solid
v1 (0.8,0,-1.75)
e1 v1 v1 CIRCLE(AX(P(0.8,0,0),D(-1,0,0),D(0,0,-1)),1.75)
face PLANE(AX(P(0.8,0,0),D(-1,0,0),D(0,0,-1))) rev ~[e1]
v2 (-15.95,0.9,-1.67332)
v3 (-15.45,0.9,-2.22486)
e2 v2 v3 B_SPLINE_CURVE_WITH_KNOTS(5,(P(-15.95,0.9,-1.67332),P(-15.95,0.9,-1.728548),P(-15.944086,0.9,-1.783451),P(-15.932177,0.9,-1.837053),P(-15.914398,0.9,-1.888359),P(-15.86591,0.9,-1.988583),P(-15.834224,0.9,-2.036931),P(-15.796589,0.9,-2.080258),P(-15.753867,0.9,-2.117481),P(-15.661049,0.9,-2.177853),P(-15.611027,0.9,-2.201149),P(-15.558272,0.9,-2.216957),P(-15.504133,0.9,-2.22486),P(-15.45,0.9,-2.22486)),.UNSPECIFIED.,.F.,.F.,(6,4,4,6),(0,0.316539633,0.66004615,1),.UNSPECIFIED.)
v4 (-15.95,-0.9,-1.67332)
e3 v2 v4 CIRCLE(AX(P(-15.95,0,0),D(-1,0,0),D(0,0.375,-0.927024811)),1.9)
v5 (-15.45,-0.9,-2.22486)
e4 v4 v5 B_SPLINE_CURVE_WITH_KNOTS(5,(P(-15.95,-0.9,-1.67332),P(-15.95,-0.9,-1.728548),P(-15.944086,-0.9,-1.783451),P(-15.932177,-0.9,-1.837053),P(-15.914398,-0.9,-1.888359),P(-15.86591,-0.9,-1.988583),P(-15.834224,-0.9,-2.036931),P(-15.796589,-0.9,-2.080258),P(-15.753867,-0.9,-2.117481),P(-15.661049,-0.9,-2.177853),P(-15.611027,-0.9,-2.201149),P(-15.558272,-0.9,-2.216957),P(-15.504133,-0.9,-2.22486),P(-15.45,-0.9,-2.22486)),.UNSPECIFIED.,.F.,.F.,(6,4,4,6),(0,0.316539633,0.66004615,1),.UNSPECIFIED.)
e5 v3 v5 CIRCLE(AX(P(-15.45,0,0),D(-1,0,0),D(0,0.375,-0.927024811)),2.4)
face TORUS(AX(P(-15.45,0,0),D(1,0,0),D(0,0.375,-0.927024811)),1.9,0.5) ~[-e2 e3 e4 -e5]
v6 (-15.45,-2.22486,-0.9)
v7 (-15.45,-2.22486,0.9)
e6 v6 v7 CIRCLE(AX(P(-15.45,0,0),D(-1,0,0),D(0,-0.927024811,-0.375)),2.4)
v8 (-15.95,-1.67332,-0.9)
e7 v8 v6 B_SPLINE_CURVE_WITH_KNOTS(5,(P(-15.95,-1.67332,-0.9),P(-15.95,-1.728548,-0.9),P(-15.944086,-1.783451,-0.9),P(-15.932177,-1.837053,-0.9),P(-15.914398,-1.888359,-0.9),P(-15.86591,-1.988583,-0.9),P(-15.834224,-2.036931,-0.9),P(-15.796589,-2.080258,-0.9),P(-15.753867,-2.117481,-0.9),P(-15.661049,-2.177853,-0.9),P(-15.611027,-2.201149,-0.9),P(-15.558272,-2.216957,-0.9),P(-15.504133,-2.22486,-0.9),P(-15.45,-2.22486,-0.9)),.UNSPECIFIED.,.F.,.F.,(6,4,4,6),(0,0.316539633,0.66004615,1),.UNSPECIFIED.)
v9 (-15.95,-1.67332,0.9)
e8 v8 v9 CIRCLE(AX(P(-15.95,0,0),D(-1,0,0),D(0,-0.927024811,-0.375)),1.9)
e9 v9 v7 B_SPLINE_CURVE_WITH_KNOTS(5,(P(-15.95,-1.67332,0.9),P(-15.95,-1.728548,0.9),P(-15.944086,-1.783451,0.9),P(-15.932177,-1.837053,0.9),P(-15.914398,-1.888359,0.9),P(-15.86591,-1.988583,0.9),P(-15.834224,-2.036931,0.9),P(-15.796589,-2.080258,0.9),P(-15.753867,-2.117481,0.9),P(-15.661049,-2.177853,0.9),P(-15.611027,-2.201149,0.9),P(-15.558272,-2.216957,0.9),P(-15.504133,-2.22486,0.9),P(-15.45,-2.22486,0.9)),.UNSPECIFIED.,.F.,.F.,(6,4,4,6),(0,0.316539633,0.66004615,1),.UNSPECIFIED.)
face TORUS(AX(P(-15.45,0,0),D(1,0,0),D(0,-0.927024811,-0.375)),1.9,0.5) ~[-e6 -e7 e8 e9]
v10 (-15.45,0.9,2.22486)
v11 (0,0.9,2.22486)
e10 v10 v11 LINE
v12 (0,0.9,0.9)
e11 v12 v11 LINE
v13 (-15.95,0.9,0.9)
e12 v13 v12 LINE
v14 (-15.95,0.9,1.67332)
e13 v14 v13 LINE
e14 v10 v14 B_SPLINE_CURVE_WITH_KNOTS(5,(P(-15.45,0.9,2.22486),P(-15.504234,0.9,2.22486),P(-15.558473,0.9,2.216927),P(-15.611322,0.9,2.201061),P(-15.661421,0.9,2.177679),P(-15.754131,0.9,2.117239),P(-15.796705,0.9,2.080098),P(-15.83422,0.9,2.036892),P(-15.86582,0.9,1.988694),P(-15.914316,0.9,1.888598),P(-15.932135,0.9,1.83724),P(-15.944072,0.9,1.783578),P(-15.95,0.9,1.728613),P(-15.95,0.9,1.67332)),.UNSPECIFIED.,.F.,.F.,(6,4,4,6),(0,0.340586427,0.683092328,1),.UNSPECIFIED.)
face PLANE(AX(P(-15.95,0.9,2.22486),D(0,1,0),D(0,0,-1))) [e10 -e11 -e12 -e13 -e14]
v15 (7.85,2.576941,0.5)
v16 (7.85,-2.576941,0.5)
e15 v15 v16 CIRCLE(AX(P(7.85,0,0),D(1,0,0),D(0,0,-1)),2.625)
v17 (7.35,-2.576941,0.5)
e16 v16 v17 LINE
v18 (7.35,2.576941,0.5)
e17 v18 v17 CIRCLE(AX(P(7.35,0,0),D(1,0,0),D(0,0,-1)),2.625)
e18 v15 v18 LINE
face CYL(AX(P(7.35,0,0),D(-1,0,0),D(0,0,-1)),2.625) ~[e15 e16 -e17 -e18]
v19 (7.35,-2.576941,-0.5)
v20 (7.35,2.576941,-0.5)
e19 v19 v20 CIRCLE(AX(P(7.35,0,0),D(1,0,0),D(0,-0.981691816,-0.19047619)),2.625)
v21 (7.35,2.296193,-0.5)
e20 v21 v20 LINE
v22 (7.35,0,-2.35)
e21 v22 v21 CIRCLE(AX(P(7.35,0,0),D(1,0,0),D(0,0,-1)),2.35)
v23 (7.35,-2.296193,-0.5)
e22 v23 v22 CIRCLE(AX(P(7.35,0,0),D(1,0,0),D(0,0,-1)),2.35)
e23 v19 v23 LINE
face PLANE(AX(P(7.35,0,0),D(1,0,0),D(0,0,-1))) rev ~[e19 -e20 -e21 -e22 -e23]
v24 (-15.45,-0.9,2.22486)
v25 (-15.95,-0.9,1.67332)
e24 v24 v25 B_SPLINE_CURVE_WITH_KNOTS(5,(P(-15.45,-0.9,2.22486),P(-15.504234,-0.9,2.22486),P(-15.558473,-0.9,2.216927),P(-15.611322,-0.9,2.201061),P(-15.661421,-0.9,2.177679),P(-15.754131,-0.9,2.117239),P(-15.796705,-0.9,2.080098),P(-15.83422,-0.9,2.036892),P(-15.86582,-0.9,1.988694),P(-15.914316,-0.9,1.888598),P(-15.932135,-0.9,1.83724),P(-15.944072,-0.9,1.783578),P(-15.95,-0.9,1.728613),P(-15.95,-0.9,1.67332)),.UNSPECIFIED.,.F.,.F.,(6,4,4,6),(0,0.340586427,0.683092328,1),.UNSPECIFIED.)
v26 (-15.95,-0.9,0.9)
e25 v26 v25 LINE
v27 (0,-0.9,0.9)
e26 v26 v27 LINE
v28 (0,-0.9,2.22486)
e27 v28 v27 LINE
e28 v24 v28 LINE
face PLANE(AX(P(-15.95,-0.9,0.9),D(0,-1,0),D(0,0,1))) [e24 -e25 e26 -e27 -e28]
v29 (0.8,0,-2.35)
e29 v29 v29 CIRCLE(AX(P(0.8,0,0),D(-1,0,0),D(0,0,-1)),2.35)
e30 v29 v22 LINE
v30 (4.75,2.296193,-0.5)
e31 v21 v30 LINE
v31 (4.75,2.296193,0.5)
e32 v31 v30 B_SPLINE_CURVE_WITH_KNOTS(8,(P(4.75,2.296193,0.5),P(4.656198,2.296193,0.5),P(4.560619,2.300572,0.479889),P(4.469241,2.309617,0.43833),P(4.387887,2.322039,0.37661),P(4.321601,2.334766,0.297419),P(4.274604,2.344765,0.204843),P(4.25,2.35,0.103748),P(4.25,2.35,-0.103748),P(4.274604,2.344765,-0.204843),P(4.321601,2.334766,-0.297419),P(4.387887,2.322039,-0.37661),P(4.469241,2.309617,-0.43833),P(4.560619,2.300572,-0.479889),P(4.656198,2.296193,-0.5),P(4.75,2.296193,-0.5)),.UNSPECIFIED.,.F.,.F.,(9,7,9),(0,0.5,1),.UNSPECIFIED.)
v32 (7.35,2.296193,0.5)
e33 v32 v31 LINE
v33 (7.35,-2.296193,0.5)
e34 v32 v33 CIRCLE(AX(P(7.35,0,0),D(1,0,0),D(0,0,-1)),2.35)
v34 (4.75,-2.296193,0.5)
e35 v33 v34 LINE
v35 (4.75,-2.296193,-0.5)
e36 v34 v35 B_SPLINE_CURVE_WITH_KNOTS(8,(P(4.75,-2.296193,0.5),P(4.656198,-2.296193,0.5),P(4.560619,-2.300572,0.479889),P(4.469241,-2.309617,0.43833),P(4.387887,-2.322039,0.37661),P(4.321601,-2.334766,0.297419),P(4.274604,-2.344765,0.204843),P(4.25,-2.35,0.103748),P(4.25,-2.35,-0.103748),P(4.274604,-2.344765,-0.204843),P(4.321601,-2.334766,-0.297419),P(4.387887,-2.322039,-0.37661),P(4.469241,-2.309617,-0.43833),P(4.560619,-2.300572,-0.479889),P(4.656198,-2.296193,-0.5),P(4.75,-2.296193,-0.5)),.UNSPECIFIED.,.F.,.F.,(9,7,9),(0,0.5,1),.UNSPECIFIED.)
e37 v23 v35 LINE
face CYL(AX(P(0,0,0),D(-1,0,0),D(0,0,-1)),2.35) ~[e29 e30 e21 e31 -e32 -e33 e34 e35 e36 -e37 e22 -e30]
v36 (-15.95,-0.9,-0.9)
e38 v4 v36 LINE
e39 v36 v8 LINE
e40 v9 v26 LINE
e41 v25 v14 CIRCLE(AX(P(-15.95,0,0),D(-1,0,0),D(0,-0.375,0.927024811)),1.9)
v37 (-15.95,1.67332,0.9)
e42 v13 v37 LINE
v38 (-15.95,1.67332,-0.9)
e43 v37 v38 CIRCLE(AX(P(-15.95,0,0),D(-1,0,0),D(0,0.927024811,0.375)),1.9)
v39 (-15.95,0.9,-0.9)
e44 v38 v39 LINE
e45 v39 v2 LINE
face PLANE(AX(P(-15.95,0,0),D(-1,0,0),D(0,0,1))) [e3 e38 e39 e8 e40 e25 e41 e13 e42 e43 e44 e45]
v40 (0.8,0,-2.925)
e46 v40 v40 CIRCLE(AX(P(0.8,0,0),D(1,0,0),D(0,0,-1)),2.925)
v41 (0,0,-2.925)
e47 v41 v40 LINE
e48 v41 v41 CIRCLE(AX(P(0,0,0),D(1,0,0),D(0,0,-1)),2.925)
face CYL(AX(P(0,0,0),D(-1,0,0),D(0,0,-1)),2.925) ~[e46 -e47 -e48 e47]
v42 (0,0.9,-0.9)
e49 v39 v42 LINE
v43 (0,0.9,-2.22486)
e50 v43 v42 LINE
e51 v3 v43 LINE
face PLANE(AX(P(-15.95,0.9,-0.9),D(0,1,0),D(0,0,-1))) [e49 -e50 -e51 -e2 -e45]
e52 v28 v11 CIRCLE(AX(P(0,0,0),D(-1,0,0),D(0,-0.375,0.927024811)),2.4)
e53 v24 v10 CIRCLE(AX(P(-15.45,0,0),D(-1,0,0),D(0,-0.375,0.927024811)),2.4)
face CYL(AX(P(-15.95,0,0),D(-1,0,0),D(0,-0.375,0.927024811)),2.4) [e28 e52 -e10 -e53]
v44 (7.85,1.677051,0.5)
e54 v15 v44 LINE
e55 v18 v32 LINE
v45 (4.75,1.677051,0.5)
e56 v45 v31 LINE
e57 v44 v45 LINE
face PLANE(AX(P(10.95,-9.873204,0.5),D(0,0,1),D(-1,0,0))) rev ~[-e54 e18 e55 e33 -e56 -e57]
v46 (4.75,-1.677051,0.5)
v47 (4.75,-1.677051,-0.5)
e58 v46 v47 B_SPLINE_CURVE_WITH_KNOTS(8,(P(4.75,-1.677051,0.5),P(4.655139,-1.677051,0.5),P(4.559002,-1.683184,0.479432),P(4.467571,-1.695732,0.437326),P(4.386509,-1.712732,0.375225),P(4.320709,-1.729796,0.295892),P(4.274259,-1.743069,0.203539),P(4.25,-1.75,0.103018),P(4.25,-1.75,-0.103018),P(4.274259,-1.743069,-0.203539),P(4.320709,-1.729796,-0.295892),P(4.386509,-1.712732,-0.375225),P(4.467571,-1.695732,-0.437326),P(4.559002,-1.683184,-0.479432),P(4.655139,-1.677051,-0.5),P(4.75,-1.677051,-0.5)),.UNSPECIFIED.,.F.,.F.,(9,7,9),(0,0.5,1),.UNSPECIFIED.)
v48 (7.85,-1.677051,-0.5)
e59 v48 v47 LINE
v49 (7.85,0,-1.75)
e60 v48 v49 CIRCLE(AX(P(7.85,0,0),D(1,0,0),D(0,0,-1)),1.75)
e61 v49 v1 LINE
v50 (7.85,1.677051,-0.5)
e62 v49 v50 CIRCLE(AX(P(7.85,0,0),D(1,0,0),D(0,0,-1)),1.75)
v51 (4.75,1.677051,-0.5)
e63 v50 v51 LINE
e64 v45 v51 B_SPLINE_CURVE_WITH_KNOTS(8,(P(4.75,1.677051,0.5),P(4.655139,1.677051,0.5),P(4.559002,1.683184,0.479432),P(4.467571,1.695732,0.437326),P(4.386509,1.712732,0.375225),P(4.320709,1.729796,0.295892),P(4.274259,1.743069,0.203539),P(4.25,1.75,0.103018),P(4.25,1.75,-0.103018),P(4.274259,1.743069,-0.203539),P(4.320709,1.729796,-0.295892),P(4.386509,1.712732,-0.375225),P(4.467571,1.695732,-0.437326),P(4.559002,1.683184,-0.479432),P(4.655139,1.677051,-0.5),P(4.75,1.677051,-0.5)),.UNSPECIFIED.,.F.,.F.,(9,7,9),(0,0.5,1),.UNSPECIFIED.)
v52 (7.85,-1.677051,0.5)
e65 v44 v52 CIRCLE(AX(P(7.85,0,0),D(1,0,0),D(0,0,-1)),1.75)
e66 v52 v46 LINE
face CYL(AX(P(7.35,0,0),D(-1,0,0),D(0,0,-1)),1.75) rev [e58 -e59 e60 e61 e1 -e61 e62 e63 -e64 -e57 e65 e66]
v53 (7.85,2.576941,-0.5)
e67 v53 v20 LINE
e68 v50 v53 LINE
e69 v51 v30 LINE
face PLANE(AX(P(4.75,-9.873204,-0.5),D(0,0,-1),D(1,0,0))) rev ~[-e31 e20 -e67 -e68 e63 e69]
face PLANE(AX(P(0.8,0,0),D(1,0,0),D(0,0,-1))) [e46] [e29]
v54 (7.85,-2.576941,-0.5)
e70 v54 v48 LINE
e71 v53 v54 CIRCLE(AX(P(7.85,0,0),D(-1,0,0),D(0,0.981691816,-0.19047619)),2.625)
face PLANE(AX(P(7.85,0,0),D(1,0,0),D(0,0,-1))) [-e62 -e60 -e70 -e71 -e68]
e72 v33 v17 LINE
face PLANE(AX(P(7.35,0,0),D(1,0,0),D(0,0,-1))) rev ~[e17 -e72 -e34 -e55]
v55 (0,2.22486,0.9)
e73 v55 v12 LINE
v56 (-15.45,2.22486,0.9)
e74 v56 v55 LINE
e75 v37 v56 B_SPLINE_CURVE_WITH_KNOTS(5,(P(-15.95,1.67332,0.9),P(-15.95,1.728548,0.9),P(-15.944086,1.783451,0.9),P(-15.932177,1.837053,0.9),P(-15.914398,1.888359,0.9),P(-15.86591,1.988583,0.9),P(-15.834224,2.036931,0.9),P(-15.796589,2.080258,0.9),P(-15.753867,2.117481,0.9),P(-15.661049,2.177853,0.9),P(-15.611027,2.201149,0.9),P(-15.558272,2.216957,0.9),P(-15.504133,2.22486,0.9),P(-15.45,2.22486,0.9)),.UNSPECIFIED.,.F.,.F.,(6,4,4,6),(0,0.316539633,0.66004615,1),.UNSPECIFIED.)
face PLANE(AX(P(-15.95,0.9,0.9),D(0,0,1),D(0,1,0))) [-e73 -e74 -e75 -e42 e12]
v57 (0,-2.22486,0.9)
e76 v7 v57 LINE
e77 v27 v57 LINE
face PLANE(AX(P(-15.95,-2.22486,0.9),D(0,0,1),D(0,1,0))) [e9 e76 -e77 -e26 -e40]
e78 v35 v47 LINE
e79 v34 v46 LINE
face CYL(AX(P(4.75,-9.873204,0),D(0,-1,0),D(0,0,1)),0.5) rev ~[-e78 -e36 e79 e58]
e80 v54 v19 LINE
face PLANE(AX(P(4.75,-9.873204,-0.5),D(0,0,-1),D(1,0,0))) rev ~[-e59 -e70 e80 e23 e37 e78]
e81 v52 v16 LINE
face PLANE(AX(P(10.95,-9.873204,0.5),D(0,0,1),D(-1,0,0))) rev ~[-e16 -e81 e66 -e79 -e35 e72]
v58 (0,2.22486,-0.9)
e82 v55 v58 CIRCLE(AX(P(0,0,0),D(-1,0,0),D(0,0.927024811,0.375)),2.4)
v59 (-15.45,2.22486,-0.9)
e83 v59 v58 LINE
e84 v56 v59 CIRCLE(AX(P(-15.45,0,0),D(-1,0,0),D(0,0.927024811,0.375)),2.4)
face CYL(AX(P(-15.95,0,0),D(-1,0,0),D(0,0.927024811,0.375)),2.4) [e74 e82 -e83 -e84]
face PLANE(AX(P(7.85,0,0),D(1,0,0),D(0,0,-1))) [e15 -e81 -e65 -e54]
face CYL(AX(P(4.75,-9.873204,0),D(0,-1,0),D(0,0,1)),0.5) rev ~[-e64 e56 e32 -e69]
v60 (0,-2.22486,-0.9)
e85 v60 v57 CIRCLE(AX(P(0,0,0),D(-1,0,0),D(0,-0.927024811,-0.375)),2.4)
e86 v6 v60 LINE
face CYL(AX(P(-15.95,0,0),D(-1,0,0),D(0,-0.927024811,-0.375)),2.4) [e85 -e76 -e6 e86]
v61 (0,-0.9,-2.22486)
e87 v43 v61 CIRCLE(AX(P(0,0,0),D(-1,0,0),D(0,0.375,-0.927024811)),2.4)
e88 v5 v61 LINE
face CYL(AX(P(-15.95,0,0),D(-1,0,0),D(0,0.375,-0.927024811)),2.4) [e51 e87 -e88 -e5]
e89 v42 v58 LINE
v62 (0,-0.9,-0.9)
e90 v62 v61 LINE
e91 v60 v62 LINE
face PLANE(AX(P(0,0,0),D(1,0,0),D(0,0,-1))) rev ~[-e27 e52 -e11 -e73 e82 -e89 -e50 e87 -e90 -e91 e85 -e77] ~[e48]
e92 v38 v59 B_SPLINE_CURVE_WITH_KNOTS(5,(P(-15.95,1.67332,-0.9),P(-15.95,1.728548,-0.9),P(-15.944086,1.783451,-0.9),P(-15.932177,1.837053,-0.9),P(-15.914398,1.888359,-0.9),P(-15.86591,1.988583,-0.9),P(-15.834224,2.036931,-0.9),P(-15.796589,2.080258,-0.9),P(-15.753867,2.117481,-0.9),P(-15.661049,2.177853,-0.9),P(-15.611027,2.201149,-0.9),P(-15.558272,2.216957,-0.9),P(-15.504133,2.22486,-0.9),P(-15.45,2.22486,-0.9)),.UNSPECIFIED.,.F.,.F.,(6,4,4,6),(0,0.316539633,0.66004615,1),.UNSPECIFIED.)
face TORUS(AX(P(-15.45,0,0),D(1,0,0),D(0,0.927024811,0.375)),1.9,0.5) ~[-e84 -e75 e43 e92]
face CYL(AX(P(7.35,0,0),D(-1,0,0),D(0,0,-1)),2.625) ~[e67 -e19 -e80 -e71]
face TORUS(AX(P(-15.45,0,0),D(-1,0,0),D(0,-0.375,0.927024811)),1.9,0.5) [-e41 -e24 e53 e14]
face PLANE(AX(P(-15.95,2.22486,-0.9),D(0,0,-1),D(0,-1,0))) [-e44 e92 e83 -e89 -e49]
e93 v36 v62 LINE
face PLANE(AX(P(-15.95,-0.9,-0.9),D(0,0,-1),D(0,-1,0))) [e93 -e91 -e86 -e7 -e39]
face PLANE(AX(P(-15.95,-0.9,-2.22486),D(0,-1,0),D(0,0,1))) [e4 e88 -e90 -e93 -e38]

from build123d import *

# Parameters (mm, degrees)
SKETCH1_R             = 2.925
SKETCH1_R_2           = 1.7499999999999998
MIDDLE_RING_DEPTH     = 0.8
SKETCH2_R             = 2.35
SKETCH2_R_2           = 1.7499999999999998
OUTER_BODY_DEPTH      = 7.35
SKETCH3_R             = 2.625
SKETCH3_R_2           = 1.7499999999999998
OUTER_RIM_DEPTH       = 0.5
SIDE_SLOTS_DEPTH      = 9.873204043636097
SIDE_SLOTS_DEPTH_BACK = 9.873204043636097
AXLE_START            = 15.95
AXLE_DEPTH            = 15.95
FILLET1_R             = 0.5
SKETCH7_R             = 2.925
AXLE_BASE_DEPTH       = 0.8


with BuildPart() as part:
    # Sketch1 → Middle Ring (new body)
    with BuildSketch(Plane(origin=(0, 0, 0), x_dir=(0, 0, -1), z_dir=(1, 0, 0))):
        Circle(SKETCH1_R)
        Circle(SKETCH1_R_2, mode=Mode.SUBTRACT)
    extrude(amount=MIDDLE_RING_DEPTH)

    # Sketch2 → Outer Body (add)
    with BuildSketch(Plane(origin=(0, 0, 0), x_dir=(0, 0, -1), z_dir=(1, 0, 0))):
        Circle(SKETCH2_R)
        Circle(SKETCH2_R_2, mode=Mode.SUBTRACT)
    extrude(amount=OUTER_BODY_DEPTH)

    # Sketch3 → Outer Rim (add)
    with BuildSketch(Plane(origin=(7.35, 0, 0), x_dir=(0, 0, -1), z_dir=(1, 0, 0))):
        Circle(SKETCH3_R)
        Circle(SKETCH3_R_2, mode=Mode.SUBTRACT)
    extrude(amount=OUTER_RIM_DEPTH)

    # Sketch5 → Side Slots (cut, two sides: drawn at the far end of the back side and taken through both)
    with BuildSketch(Plane(origin=(0, 0, 0), x_dir=(1, 0, 0), z_dir=(0, 1, 0)).offset(-SIDE_SLOTS_DEPTH_BACK)):
        with BuildLine():
            Line((10.949999999999998, -0.4999999999999999), (4.750000000000001, -0.4999999999999999))
            ThreePointArc((4.750000000000001, -0.4999999999999999), (4.250000000000006, 6e-17), (4.750000000000001, 0.4999999999999945))
            Line((4.750000000000001, 0.4999999999999945), (10.949999999999998, 0.4999999999999945))
            ThreePointArc((10.949999999999998, 0.4999999999999945), (11.449999999999998, 0), (10.949999999999998, -0.4999999999999999))
        make_face()
        with BuildLine():
            Line((-10.949999999999998, -0.4999999999999999), (-4.750000000000001, -0.4999999999999999))
            ThreePointArc((-4.750000000000001, -0.4999999999999999), (-4.250000000000006, 0), (-4.750000000000001, 0.4999999999999945))
            Line((-4.750000000000001, 0.4999999999999945), (-10.949999999999998, 0.4999999999999945))
            ThreePointArc((-10.949999999999998, 0.4999999999999945), (-11.449999999999998, -6e-17), (-10.949999999999998, -0.4999999999999999))
        make_face()
    extrude(amount=SIDE_SLOTS_DEPTH + SIDE_SLOTS_DEPTH_BACK, mode=Mode.SUBTRACT)

    # Sketch6 → Axle (add)
    with BuildSketch(Plane.ZY.offset(AXLE_START)):
        Polygon((-0.8999999999999999, -0.8999999999999999), (0.9000000000000001, -0.8999999999999999), (0.9000000000000001, 0.8999999999999999), (-0.8999999999999999, 0.9), align=None)
        with BuildLine():
            Line((-1.5008331019803216, -0.8999999999999999), (-0.8999999999999999, -0.8999999999999999))
            Line((-0.8999999999999999, -0.8999999999999999), (-0.8999999999999999, 0.8999999999999999))
            Line((-0.8999999999999999, 0.9), (-1.5008331019803216, 0.9))
            ThreePointArc((-1.500833101980337, 0.9000000000000439), (-1.7499999999999998, 2.1e-16), (-1.5008331019803371, -0.9000000000000435))
        make_face()
        with BuildLine():
            Line((-0.8999999999999999, 0.9), (0.9000000000000001, 0.9))
            Line((0.9000000000000001, 0.8999999999999999), (0.9000000000000001, 1.5008331019803842))
            ThreePointArc((0.8999999999999783, 1.5008331019803764), (-1.233e-14, 1.7499999999999998), (-0.8999999999999996, 1.5008331019803633))
            Line((-0.8999999999999999, 1.5008331019803633), (-0.8999999999999999, 0.8999999999999999))
        make_face()
        with BuildLine():
            Line((1.5008331019803591, -0.8999999999999999), (2.2248595461286844, -0.8999999999999999))
            ThreePointArc((2.22485954612869, -0.9000000000000218), (2.3558080259975402, -0.458441429896527), (2.4, -5.9e-16))
            ThreePointArc((2.4, 0), (2.3558080259975402, 0.45844142989652675), (2.2248595461286897, 0.9000000000000221))
            Line((2.224859546128683, 0.9), (1.5008331019803582, 0.9))
            ThreePointArc((1.5008331019803602, 0.900000000000005), (1.6865583192504239, 0.46692722748538085), (1.7499999999999998, 0))
            ThreePointArc((1.7499999999999998, -4.3e-16), (1.6865583192504237, -0.46692722748538135), (1.500833101980361, -0.900000000000004))
        make_face()
        with BuildLine():
            ThreePointArc((-2.4, 2.9e-16), (-2.3558080259975434, -0.45844142989651143), (-2.2248595461287017, -0.8999999999999924))
            Line((-2.224859546128704, -0.8999999999999999), (-1.5008331019803216, -0.8999999999999999))
            ThreePointArc((-1.5008331019803371, -0.9000000000000435), (-1.7499999999999998, 2.1e-16), (-1.500833101980337, 0.9000000000000439))
            Line((-1.5008331019803216, 0.9), (-2.224859546128704, 0.9))
            ThreePointArc((-2.2248595461287013, 0.899999999999994), (-2.355808025997543, 0.458441429896512), (-2.4, 2.9e-16))
        make_face()
        with BuildLine():
            ThreePointArc((-0.9000000000000059, -2.2248595461286964), (-0.4584414298964598, -2.355808025997553), (1.168e-13, -2.4))
            ThreePointArc((1.168e-13, -2.4), (0.45844142989653847, -2.355808025997538), (0.8999999999999359, -2.224859546128725))
            Line((0.9000000000000001, -2.224859546128744), (0.9000000000000001, -1.5008331019803836))
            ThreePointArc((0.899999999999978, -1.5008331019803764), (-1.276e-14, -1.7499999999999998), (-0.8999999999999986, -1.500833101980364))
            Line((-0.8999999999999999, -1.5008331019803647), (-0.8999999999999999, -2.2248595461286946))
        make_face()
        with BuildLine():
            ThreePointArc((-0.8999999999999996, 1.5008331019803633), (-1.233e-14, 1.7499999999999998), (0.8999999999999783, 1.5008331019803764))
            Line((0.9000000000000001, 1.5008331019803842), (0.9000000000000001, 2.2248595461287435))
            ThreePointArc((0.899999999999937, 2.2248595461287244), (0.4584414298965443, 2.355808025997537), (1.2698e-13, 2.4))
            ThreePointArc((1.2698e-13, 2.4), (-0.4584414298964561, 2.355808025997554), (-0.9000000000000058, 2.2248595461286964))
            Line((-0.8999999999999999, 2.2248595461286946), (-0.8999999999999999, 1.5008331019803633))
        make_face()
        with BuildLine():
            Line((0.9000000000000001, 0.8999999999999999), (0.9000000000000001, -0.8999999999999999))
            Line((0.9000000000000001, -0.8999999999999999), (1.5008331019803591, -0.8999999999999999))
            ThreePointArc((1.500833101980361, -0.900000000000004), (1.6865583192504237, -0.46692722748538135), (1.7499999999999998, -4.3e-16))
            ThreePointArc((1.7499999999999998, 0), (1.6865583192504239, 0.46692722748538085), (1.5008331019803602, 0.900000000000005))
            Line((1.5008331019803582, 0.9), (0.9000000000000001, 0.9))
        make_face()
        with BuildLine():
            ThreePointArc((-0.8999999999999986, -1.500833101980364), (-1.276e-14, -1.7499999999999998), (0.899999999999978, -1.5008331019803764))
            Line((0.9000000000000001, -1.5008331019803836), (0.9000000000000001, -0.8999999999999999))
            Line((0.9000000000000001, -0.8999999999999999), (-0.8999999999999999, -0.8999999999999999))
            Line((-0.8999999999999999, -0.8999999999999999), (-0.8999999999999999, -1.5008331019803647))
        make_face()
    extrude(amount=-AXLE_DEPTH)

    # Fillet1
    fillet1_edges = [part.edges().sort_by_distance(p)[0] for p in [
        (-15.95, -2.4, -2.377e-14),
        (-15.95, 7.1e-16, -2.4000000000000004),
        (-15.95, 2.4000000000000004, -2.279e-14),
        (-15.95, -1.1e-16, 2.4000000000000004),
    ]]
    fillet(fillet1_edges, radius=FILLET1_R)

    # Sketch7 → Axle Base (add)
    with BuildSketch(Plane.ZY):
        with Locations(Location((0, 0, 0), (0, 0, 180))):
            Circle(SKETCH7_R)
    extrude(amount=-AXLE_BASE_DEPTH)


solid = part.part
